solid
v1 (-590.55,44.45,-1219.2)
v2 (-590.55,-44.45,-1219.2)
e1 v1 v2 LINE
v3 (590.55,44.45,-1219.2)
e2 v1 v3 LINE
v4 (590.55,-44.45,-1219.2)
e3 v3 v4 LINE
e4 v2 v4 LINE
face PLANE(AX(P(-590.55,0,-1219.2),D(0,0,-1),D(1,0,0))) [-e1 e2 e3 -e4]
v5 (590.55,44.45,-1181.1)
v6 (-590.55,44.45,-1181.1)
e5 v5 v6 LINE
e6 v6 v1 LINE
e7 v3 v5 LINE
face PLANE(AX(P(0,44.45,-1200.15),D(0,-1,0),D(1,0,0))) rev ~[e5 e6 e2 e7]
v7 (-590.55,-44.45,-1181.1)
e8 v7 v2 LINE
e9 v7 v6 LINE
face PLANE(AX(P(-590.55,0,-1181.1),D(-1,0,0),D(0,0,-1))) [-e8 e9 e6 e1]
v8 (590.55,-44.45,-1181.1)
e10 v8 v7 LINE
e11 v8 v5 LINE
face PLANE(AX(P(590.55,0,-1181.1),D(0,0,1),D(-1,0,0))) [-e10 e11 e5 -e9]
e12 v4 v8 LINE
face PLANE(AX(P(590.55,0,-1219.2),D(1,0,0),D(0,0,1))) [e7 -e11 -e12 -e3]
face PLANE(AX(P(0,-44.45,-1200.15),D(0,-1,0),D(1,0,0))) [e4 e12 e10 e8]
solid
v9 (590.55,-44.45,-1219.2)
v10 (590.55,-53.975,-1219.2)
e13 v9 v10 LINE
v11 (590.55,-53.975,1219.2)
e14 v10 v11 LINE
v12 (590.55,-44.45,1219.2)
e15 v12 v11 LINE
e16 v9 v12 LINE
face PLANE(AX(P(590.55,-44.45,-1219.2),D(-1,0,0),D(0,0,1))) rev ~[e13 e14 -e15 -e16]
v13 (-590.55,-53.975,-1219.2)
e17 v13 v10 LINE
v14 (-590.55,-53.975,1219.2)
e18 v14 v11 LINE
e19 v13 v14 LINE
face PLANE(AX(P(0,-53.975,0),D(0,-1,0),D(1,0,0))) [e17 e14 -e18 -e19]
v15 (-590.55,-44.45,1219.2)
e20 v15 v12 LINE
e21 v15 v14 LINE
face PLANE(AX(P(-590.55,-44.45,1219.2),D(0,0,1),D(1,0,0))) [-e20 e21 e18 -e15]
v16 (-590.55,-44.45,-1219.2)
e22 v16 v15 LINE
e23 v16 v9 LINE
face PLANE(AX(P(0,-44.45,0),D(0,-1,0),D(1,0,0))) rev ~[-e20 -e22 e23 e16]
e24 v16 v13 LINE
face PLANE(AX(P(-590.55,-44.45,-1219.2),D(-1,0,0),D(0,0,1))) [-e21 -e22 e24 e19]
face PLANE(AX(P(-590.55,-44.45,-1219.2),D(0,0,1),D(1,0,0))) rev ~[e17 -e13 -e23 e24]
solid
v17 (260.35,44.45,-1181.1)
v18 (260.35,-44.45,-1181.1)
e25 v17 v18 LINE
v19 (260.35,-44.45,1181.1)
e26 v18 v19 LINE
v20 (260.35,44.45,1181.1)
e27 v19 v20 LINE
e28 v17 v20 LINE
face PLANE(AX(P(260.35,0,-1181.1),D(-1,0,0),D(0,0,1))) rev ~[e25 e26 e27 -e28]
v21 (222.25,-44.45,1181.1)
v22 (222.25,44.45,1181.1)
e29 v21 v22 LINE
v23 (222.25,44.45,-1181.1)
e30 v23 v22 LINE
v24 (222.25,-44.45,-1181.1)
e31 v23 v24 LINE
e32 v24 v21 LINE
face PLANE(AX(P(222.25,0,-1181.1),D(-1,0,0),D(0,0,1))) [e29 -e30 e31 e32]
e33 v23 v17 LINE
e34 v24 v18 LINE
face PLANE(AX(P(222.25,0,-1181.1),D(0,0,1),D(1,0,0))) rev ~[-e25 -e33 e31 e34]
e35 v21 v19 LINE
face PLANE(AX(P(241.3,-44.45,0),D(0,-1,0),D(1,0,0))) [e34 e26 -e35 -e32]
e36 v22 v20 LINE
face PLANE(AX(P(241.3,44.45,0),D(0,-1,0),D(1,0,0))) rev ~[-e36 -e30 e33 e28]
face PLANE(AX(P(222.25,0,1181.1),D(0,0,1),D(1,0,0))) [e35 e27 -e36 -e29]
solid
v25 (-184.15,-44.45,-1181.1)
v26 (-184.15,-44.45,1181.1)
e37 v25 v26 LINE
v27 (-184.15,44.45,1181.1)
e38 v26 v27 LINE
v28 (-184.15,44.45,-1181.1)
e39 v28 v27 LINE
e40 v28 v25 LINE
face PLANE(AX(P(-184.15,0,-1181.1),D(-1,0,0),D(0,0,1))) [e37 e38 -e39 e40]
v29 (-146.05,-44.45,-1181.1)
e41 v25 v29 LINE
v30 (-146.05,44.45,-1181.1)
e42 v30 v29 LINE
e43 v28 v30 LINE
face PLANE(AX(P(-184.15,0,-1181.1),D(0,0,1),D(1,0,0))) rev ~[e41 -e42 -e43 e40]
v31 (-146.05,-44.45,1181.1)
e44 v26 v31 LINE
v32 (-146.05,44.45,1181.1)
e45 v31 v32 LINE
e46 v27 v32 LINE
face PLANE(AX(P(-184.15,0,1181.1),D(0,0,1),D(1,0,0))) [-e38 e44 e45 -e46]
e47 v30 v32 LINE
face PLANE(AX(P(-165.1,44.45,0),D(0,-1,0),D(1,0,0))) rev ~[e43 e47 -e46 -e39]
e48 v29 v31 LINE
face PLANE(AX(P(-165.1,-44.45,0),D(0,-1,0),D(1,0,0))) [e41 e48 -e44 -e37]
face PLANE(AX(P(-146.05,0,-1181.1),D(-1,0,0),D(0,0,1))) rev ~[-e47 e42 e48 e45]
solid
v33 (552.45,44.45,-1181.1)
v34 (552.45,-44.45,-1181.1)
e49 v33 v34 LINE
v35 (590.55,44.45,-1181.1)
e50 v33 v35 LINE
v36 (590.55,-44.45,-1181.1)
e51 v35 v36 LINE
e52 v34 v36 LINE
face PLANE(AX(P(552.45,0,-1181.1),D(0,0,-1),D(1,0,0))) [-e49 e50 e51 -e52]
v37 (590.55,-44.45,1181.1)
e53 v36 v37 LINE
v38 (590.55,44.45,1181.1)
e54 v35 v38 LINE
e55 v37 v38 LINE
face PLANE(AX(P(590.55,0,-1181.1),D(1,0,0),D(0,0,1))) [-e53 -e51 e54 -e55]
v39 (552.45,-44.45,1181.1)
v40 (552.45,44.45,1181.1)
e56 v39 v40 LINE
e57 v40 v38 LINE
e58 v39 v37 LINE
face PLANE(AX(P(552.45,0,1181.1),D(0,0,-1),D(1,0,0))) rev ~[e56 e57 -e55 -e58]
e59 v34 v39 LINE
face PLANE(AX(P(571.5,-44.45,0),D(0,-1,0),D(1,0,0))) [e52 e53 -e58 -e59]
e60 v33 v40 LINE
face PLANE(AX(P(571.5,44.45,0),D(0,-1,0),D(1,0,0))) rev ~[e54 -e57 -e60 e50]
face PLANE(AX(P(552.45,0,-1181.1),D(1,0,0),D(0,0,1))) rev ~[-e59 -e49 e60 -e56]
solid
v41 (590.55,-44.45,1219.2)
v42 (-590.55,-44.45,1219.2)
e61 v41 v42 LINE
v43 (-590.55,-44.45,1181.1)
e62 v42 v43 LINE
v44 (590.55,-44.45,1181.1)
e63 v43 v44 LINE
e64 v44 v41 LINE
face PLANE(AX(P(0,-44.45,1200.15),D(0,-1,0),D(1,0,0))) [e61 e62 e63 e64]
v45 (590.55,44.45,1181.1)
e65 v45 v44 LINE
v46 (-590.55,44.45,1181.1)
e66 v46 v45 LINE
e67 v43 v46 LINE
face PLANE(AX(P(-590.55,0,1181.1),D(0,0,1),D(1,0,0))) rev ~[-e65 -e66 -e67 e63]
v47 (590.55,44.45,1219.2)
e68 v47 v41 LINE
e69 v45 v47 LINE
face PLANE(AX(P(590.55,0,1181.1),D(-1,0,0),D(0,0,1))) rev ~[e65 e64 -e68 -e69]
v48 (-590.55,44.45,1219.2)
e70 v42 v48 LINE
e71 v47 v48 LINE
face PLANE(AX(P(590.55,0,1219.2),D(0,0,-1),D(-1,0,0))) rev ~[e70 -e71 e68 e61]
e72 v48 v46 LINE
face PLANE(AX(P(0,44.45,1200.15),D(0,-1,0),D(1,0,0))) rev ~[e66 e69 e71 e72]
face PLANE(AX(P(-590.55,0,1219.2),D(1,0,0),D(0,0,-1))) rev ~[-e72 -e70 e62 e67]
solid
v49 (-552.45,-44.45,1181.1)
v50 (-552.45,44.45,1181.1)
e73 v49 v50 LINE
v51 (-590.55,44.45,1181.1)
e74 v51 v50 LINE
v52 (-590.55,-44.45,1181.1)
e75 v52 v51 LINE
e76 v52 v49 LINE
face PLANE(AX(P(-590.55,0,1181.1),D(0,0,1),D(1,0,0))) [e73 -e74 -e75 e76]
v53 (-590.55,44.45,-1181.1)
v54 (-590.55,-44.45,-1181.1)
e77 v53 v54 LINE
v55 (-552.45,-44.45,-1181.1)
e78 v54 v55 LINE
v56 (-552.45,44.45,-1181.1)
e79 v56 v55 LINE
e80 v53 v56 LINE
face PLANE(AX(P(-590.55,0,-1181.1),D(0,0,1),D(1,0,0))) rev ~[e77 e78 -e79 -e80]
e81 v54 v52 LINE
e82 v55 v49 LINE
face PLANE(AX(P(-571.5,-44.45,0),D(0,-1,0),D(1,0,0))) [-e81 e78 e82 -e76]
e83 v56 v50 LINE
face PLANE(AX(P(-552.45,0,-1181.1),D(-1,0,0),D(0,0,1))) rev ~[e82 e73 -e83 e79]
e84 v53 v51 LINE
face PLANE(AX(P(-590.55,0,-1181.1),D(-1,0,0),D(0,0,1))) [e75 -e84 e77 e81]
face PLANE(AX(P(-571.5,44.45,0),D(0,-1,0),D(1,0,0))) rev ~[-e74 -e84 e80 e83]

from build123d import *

# Parameters (mm, degrees)
F1_DEPTH = 44.45
F0_W     = 38.1
F0_H     = 2362.2
F2_DEPTH = 44.45
F3_W     = 1181.1
F3_H     = 2438.4
F4_DEPTH = 9.525


with BuildPart() as f1:
    # F0 (on Front) → F1 (new body, symmetric)
    with BuildSketch(Plane.XZ):
        Polygon((-590.55, 1181.1), (-552.45, 1181.1), (-184.15, 1181.1), (-146.05, 1181.1), (0, 1181.1), (38.1, 1181.1), (222.25, 1181.1), (260.35, 1181.1), (552.45, 1181.1), (590.55, 1181.1), (590.55, 1219.2), (-590.55, 1219.2), align=None)
        Polygon((-184.15, -1181.1), (-552.45, -1181.1), (-590.55, -1181.1), (-590.55, -1219.2), (590.55, -1219.2), (590.55, -1181.1), (552.45, -1181.1), (260.35, -1181.1), (222.25, -1181.1), (38.1, -1181.1), (0, -1181.1), (-146.05, -1181.1), align=None)
    extrude(amount=F1_DEPTH, both=True)


with BuildPart() as f2:
    # F0 (on Front) → F2 (new body, symmetric)
    with BuildSketch(Plane.XZ):
        with Locations((-571.5, 0)):
            Rectangle(F0_W, F0_H)
        with Locations((-165.1, 0)):
            Rectangle(F0_W, F0_H)
        with Locations((241.3, 0)):
            Rectangle(F0_W, F0_H)
        with Locations((571.5, 0)):
            Rectangle(F0_W, F0_H)
    extrude(amount=F2_DEPTH, both=True)


with BuildPart() as f4:
    # F3 (on face) → F4 (new body)
    with BuildSketch(Plane.XZ.offset(44.45)):
        Rectangle(F3_W, F3_H)
    extrude(amount=F4_DEPTH)


solid = Compound([f1.part, f2.part, f4.part])
